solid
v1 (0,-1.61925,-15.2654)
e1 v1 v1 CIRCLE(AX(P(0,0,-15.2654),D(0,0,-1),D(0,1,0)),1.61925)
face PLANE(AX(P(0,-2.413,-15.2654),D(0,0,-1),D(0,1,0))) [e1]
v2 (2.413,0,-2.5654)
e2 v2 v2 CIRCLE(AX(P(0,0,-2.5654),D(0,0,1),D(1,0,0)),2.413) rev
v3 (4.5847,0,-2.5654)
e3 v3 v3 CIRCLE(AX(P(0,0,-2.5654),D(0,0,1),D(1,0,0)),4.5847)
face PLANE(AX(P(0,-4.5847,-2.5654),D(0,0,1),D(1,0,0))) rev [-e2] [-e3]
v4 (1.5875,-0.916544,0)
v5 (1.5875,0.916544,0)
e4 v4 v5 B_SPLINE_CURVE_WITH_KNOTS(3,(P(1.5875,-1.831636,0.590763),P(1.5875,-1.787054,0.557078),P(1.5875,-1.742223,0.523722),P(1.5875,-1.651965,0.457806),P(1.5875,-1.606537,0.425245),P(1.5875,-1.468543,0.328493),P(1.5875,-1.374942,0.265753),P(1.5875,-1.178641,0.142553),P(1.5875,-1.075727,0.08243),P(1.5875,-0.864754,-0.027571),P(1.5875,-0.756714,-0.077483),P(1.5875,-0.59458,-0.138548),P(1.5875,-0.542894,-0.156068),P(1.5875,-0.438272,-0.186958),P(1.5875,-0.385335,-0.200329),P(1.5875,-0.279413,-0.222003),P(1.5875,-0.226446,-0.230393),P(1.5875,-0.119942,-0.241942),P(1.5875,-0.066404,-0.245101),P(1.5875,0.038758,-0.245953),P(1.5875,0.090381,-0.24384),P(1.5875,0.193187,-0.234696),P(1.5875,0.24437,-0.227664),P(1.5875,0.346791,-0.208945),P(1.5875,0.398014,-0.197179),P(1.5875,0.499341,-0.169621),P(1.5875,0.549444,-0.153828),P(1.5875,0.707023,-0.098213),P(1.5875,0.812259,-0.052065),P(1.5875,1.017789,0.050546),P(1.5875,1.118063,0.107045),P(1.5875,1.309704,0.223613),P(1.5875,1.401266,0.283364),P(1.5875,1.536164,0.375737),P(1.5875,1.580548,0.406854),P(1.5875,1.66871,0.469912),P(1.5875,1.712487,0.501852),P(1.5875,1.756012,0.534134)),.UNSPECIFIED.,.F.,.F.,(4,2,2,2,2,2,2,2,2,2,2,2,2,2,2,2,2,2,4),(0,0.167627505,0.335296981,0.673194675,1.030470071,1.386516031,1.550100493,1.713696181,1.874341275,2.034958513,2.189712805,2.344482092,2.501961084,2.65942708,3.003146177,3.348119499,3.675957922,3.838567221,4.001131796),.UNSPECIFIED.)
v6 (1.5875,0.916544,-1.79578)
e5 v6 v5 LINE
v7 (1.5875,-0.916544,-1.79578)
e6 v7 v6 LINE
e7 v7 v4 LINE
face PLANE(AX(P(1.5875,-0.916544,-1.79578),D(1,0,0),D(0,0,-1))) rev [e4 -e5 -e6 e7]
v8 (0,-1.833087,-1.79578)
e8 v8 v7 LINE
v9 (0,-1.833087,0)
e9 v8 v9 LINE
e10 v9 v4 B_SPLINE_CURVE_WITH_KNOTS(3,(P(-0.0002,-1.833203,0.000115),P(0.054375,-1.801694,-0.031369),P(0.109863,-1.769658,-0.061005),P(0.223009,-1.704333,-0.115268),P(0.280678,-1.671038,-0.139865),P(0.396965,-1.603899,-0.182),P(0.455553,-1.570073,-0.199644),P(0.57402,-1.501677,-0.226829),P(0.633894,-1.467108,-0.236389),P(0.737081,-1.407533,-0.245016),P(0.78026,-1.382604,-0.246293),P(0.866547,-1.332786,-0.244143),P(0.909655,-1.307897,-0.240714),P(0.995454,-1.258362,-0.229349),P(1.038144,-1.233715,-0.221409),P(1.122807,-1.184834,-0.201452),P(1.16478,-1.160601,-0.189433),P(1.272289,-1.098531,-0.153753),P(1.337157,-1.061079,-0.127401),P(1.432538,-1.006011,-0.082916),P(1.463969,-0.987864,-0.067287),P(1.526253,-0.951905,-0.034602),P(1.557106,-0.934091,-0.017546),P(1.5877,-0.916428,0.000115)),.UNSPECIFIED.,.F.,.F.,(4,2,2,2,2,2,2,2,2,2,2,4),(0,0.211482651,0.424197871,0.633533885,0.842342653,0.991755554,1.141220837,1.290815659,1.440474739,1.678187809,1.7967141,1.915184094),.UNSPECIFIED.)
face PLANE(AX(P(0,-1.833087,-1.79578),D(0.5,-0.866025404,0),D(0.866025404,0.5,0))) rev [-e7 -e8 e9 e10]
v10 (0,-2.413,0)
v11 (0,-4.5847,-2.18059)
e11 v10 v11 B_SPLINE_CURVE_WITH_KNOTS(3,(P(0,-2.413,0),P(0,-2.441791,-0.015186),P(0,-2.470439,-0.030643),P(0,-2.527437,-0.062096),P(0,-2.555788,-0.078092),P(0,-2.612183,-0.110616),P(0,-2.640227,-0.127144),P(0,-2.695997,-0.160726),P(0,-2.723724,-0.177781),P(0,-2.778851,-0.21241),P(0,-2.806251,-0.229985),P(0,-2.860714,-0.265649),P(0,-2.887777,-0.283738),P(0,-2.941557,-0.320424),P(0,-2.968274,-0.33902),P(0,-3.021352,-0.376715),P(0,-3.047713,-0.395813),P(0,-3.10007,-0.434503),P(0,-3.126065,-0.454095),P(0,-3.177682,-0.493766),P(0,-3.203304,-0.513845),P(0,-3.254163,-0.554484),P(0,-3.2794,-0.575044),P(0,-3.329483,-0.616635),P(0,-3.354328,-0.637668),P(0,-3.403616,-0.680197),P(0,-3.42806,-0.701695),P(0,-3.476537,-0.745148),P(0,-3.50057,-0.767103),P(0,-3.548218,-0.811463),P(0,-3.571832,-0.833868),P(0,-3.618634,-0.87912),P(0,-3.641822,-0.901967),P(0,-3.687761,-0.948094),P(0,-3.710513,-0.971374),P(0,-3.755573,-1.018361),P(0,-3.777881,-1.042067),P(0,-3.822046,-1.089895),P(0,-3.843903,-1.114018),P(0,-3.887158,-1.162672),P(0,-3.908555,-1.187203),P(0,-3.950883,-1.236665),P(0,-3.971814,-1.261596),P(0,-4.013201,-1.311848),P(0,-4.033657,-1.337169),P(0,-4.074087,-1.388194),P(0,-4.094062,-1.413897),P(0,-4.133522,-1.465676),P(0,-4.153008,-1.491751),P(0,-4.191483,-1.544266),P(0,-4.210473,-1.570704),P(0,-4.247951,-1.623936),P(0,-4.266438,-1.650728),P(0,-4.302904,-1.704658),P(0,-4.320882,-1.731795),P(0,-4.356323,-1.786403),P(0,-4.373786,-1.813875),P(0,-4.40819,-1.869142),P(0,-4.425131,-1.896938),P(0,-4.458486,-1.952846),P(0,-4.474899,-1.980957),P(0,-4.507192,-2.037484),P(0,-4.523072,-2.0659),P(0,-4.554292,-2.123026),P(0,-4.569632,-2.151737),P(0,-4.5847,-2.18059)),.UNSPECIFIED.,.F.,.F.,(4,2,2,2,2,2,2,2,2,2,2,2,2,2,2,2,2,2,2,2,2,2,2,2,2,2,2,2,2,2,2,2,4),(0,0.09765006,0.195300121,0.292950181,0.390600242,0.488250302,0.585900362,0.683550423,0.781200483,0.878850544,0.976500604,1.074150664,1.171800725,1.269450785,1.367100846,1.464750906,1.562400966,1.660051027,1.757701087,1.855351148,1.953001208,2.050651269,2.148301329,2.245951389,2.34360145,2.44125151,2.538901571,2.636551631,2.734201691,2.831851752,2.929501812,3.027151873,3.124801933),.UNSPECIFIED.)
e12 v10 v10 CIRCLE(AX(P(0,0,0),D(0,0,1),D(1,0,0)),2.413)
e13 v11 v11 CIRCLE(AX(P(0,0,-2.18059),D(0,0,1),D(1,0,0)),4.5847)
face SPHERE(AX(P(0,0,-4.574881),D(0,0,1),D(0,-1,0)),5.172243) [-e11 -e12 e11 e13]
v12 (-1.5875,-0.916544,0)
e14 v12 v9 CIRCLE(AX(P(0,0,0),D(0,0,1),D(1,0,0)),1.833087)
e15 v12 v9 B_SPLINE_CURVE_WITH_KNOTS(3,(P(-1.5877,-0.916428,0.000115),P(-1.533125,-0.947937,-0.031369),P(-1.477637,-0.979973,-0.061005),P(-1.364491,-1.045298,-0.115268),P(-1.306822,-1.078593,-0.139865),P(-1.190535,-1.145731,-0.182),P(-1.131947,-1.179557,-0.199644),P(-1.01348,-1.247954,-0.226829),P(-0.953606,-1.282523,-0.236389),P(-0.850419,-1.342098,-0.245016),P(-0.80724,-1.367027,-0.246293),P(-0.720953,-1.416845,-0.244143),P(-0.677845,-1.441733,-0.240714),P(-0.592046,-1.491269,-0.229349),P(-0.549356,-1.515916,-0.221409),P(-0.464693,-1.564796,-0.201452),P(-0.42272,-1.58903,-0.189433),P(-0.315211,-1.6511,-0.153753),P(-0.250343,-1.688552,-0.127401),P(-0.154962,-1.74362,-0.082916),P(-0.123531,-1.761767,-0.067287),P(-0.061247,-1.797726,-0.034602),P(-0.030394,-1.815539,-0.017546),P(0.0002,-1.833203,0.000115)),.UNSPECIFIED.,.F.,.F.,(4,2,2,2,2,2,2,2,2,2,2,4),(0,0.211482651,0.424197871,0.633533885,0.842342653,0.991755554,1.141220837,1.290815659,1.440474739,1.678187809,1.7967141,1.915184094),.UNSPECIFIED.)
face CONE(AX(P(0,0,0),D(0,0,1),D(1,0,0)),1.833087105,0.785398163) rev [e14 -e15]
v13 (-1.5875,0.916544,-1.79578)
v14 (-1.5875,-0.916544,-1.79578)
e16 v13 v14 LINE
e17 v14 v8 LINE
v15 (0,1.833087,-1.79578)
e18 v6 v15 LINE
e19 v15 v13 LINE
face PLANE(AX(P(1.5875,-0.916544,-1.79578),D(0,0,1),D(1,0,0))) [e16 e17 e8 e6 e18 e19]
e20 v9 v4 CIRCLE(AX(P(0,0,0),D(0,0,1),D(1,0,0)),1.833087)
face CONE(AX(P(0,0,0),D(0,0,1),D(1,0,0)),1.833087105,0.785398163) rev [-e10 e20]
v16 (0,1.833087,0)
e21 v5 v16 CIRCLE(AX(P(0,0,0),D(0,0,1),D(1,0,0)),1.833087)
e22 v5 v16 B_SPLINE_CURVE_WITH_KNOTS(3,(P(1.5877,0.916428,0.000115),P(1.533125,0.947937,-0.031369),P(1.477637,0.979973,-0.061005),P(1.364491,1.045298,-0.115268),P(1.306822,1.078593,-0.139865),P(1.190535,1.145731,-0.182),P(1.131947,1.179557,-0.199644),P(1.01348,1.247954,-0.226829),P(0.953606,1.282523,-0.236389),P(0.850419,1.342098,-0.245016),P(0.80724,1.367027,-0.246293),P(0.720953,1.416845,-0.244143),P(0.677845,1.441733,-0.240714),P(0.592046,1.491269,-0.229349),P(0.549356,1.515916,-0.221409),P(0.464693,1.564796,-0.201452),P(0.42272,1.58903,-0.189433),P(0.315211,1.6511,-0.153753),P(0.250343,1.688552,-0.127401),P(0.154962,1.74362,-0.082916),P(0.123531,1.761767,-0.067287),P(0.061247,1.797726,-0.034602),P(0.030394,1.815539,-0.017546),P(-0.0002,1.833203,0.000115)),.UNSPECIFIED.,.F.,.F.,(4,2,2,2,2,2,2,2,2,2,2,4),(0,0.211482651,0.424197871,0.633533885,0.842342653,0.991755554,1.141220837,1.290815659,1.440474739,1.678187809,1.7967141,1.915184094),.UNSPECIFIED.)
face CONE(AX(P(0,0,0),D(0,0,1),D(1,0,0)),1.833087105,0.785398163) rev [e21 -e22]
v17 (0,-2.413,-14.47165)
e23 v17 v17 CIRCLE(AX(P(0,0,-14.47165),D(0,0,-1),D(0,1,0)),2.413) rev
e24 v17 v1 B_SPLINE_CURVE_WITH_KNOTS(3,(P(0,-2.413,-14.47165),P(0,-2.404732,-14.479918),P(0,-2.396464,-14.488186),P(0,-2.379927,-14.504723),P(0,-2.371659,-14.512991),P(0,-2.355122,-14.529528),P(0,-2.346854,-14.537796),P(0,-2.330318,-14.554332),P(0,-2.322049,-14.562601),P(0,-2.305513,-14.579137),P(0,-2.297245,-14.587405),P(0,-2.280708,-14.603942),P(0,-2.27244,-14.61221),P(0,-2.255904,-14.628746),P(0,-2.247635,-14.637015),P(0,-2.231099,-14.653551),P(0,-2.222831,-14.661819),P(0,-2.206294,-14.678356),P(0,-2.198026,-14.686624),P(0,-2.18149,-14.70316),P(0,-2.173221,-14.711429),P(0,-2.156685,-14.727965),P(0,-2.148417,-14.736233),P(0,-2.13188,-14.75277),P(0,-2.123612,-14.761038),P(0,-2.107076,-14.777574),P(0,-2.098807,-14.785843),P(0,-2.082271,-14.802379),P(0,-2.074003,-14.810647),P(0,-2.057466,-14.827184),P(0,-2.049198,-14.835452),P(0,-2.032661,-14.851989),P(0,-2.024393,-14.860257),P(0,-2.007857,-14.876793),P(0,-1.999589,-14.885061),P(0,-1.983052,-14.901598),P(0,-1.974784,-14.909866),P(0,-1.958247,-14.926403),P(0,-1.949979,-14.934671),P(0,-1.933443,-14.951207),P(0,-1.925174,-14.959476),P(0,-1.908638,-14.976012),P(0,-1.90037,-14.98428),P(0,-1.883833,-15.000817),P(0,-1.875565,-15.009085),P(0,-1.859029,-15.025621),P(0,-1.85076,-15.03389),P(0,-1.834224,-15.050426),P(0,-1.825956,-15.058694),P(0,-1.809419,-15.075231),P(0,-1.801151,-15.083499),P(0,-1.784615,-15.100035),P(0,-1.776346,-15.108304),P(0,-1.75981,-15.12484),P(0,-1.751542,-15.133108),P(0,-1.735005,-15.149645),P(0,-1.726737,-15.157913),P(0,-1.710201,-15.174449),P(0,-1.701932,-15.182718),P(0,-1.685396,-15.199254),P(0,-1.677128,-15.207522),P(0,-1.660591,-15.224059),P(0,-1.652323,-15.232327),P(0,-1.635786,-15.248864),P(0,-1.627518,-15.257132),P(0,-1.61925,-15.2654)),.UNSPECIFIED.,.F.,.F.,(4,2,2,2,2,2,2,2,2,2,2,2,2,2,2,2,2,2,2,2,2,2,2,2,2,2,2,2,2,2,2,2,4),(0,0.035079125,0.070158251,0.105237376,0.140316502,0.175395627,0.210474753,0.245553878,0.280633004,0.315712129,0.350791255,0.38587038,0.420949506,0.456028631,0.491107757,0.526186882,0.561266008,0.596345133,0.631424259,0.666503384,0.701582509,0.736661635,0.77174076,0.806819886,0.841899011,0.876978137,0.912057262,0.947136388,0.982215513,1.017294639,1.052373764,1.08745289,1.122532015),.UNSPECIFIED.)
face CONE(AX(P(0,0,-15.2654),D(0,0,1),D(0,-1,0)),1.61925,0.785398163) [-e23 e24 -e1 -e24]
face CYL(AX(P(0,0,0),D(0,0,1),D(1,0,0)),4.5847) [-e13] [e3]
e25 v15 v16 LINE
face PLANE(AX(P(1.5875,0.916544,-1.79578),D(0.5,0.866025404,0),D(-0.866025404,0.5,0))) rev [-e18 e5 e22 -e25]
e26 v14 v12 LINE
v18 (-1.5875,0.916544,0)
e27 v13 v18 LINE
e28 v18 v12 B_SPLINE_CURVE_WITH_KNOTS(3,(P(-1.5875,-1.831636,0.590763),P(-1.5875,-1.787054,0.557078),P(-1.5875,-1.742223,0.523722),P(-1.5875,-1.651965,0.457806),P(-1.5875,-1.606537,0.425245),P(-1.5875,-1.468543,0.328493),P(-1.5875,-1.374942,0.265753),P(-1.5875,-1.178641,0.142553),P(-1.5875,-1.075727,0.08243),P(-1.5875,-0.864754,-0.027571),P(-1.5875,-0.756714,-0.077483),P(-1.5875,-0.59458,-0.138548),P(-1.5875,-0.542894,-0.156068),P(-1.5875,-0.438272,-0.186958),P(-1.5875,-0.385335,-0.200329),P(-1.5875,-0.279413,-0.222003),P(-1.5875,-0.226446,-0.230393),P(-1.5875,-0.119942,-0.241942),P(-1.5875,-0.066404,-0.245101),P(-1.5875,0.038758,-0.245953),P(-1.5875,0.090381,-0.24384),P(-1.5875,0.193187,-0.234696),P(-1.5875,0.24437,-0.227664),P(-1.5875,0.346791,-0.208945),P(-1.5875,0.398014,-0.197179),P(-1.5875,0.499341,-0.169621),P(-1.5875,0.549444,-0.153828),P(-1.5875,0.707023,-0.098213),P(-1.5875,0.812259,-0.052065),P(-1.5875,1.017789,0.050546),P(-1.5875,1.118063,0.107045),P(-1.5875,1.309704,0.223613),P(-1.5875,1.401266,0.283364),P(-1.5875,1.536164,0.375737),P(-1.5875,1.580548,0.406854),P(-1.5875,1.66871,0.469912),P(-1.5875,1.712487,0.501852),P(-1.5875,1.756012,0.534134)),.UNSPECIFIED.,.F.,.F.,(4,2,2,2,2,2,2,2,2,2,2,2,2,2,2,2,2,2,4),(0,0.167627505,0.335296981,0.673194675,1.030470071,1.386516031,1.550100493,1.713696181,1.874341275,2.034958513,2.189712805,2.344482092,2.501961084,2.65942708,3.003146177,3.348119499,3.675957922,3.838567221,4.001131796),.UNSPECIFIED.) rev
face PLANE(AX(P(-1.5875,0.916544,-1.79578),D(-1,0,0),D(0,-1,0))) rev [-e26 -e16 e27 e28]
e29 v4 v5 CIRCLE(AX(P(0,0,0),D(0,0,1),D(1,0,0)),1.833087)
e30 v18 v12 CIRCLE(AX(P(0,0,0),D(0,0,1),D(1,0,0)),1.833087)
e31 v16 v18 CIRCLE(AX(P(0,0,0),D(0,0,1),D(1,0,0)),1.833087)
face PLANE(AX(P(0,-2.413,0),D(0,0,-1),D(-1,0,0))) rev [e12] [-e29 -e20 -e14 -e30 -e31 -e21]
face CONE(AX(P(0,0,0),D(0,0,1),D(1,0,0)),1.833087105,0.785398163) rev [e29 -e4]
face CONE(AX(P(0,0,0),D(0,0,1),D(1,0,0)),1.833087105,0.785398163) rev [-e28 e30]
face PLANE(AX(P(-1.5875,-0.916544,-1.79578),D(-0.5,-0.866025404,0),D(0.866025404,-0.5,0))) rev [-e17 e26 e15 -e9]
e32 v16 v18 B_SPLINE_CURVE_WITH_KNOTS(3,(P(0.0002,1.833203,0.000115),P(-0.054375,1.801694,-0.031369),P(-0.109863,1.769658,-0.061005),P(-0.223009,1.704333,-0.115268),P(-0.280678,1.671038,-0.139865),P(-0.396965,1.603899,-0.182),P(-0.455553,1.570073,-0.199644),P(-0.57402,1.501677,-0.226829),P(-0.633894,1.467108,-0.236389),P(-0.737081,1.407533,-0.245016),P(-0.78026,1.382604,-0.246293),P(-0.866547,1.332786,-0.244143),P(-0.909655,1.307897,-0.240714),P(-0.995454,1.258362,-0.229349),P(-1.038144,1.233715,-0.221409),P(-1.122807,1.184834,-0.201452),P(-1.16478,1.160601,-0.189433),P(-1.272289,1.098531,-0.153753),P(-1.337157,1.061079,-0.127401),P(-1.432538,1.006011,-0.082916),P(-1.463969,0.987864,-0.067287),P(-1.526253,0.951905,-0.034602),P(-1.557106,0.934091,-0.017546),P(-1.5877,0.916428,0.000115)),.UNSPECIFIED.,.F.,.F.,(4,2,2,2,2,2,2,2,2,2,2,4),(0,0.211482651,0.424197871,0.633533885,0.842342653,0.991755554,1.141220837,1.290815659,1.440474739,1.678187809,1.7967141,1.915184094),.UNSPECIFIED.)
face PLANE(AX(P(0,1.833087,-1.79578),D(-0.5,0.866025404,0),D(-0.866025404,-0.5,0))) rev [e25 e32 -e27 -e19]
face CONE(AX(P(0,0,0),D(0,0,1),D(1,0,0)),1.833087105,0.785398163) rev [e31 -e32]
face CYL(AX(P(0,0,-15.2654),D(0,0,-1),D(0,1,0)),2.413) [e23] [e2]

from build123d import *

# Parameters (mm, degrees)
SKETCH1_W          = 12.7
SKETCH1_H          = 2.413
CHAMFER1_SIZE      = 0.79375
CUT_EXTRUDE2_DEPTH = 1.79578
SKETCH6_R          = 1.833087105
CUT_EXTRUDE3_DEPTH = 1.79578
CUT_EXTRUDE3_TAPER = 45


with BuildPart() as part:
    # Sketch1 → Revolve1 (revolve)
    with BuildSketch(Plane(origin=(0, 0, 0), x_dir=(0, 0, -1), z_dir=(1, 0, 0))):
        with Locations((8.9154, 1.2065)):
            Rectangle(SKETCH1_W, SKETCH1_H)
    revolve(axis=Axis((0, 0, -15.2654), (0, 0, 1)))

    # Chamfer1
    chamfer1_edges = [part.edges().sort_by_distance(p)[0] for p in [
        (0, -2.413, -15.2654),
    ]]
    chamfer(chamfer1_edges, length=CHAMFER1_SIZE)

    # Sketch7 → Revolve2 (revolve)
    with BuildSketch(Plane(origin=(0, 0, 0), x_dir=(0, 0, -1), z_dir=(1, 0, 0))):
        with BuildLine():
            Line((2.18059, 4.5847), (2.5654, 4.5847))
            Line((2.5654, 4.5847), (2.5654, 0))
            Line((2.5654, 0), (0, 0))
            Line((0, 0), (0, 2.413))
            ThreePointArc((0, 2.413), (0.925030326, 3.664791196), (2.18059, 4.5847))
        make_face()
    revolve(axis=Axis((0, 0, 0), (0, 0, -1)))

    # Sketch5 → Cut-Extrude2 (cut)
    with BuildSketch(Plane.XY):
        Polygon((1.5875, -0.916543552), (1.5875, 0.916543552), (0, 1.833087105), (-1.5875, 0.916543552), (-1.5875, -0.916543552), (0, -1.833087105), align=None)
    extrude(amount=-CUT_EXTRUDE2_DEPTH, mode=Mode.SUBTRACT)

    # Sketch6 → Cut-Extrude3 (cut)
    with BuildSketch(Plane.XY):
        Circle(SKETCH6_R)
    extrude(amount=-CUT_EXTRUDE3_DEPTH, taper=CUT_EXTRUDE3_TAPER, mode=Mode.SUBTRACT)


solid = part.part
